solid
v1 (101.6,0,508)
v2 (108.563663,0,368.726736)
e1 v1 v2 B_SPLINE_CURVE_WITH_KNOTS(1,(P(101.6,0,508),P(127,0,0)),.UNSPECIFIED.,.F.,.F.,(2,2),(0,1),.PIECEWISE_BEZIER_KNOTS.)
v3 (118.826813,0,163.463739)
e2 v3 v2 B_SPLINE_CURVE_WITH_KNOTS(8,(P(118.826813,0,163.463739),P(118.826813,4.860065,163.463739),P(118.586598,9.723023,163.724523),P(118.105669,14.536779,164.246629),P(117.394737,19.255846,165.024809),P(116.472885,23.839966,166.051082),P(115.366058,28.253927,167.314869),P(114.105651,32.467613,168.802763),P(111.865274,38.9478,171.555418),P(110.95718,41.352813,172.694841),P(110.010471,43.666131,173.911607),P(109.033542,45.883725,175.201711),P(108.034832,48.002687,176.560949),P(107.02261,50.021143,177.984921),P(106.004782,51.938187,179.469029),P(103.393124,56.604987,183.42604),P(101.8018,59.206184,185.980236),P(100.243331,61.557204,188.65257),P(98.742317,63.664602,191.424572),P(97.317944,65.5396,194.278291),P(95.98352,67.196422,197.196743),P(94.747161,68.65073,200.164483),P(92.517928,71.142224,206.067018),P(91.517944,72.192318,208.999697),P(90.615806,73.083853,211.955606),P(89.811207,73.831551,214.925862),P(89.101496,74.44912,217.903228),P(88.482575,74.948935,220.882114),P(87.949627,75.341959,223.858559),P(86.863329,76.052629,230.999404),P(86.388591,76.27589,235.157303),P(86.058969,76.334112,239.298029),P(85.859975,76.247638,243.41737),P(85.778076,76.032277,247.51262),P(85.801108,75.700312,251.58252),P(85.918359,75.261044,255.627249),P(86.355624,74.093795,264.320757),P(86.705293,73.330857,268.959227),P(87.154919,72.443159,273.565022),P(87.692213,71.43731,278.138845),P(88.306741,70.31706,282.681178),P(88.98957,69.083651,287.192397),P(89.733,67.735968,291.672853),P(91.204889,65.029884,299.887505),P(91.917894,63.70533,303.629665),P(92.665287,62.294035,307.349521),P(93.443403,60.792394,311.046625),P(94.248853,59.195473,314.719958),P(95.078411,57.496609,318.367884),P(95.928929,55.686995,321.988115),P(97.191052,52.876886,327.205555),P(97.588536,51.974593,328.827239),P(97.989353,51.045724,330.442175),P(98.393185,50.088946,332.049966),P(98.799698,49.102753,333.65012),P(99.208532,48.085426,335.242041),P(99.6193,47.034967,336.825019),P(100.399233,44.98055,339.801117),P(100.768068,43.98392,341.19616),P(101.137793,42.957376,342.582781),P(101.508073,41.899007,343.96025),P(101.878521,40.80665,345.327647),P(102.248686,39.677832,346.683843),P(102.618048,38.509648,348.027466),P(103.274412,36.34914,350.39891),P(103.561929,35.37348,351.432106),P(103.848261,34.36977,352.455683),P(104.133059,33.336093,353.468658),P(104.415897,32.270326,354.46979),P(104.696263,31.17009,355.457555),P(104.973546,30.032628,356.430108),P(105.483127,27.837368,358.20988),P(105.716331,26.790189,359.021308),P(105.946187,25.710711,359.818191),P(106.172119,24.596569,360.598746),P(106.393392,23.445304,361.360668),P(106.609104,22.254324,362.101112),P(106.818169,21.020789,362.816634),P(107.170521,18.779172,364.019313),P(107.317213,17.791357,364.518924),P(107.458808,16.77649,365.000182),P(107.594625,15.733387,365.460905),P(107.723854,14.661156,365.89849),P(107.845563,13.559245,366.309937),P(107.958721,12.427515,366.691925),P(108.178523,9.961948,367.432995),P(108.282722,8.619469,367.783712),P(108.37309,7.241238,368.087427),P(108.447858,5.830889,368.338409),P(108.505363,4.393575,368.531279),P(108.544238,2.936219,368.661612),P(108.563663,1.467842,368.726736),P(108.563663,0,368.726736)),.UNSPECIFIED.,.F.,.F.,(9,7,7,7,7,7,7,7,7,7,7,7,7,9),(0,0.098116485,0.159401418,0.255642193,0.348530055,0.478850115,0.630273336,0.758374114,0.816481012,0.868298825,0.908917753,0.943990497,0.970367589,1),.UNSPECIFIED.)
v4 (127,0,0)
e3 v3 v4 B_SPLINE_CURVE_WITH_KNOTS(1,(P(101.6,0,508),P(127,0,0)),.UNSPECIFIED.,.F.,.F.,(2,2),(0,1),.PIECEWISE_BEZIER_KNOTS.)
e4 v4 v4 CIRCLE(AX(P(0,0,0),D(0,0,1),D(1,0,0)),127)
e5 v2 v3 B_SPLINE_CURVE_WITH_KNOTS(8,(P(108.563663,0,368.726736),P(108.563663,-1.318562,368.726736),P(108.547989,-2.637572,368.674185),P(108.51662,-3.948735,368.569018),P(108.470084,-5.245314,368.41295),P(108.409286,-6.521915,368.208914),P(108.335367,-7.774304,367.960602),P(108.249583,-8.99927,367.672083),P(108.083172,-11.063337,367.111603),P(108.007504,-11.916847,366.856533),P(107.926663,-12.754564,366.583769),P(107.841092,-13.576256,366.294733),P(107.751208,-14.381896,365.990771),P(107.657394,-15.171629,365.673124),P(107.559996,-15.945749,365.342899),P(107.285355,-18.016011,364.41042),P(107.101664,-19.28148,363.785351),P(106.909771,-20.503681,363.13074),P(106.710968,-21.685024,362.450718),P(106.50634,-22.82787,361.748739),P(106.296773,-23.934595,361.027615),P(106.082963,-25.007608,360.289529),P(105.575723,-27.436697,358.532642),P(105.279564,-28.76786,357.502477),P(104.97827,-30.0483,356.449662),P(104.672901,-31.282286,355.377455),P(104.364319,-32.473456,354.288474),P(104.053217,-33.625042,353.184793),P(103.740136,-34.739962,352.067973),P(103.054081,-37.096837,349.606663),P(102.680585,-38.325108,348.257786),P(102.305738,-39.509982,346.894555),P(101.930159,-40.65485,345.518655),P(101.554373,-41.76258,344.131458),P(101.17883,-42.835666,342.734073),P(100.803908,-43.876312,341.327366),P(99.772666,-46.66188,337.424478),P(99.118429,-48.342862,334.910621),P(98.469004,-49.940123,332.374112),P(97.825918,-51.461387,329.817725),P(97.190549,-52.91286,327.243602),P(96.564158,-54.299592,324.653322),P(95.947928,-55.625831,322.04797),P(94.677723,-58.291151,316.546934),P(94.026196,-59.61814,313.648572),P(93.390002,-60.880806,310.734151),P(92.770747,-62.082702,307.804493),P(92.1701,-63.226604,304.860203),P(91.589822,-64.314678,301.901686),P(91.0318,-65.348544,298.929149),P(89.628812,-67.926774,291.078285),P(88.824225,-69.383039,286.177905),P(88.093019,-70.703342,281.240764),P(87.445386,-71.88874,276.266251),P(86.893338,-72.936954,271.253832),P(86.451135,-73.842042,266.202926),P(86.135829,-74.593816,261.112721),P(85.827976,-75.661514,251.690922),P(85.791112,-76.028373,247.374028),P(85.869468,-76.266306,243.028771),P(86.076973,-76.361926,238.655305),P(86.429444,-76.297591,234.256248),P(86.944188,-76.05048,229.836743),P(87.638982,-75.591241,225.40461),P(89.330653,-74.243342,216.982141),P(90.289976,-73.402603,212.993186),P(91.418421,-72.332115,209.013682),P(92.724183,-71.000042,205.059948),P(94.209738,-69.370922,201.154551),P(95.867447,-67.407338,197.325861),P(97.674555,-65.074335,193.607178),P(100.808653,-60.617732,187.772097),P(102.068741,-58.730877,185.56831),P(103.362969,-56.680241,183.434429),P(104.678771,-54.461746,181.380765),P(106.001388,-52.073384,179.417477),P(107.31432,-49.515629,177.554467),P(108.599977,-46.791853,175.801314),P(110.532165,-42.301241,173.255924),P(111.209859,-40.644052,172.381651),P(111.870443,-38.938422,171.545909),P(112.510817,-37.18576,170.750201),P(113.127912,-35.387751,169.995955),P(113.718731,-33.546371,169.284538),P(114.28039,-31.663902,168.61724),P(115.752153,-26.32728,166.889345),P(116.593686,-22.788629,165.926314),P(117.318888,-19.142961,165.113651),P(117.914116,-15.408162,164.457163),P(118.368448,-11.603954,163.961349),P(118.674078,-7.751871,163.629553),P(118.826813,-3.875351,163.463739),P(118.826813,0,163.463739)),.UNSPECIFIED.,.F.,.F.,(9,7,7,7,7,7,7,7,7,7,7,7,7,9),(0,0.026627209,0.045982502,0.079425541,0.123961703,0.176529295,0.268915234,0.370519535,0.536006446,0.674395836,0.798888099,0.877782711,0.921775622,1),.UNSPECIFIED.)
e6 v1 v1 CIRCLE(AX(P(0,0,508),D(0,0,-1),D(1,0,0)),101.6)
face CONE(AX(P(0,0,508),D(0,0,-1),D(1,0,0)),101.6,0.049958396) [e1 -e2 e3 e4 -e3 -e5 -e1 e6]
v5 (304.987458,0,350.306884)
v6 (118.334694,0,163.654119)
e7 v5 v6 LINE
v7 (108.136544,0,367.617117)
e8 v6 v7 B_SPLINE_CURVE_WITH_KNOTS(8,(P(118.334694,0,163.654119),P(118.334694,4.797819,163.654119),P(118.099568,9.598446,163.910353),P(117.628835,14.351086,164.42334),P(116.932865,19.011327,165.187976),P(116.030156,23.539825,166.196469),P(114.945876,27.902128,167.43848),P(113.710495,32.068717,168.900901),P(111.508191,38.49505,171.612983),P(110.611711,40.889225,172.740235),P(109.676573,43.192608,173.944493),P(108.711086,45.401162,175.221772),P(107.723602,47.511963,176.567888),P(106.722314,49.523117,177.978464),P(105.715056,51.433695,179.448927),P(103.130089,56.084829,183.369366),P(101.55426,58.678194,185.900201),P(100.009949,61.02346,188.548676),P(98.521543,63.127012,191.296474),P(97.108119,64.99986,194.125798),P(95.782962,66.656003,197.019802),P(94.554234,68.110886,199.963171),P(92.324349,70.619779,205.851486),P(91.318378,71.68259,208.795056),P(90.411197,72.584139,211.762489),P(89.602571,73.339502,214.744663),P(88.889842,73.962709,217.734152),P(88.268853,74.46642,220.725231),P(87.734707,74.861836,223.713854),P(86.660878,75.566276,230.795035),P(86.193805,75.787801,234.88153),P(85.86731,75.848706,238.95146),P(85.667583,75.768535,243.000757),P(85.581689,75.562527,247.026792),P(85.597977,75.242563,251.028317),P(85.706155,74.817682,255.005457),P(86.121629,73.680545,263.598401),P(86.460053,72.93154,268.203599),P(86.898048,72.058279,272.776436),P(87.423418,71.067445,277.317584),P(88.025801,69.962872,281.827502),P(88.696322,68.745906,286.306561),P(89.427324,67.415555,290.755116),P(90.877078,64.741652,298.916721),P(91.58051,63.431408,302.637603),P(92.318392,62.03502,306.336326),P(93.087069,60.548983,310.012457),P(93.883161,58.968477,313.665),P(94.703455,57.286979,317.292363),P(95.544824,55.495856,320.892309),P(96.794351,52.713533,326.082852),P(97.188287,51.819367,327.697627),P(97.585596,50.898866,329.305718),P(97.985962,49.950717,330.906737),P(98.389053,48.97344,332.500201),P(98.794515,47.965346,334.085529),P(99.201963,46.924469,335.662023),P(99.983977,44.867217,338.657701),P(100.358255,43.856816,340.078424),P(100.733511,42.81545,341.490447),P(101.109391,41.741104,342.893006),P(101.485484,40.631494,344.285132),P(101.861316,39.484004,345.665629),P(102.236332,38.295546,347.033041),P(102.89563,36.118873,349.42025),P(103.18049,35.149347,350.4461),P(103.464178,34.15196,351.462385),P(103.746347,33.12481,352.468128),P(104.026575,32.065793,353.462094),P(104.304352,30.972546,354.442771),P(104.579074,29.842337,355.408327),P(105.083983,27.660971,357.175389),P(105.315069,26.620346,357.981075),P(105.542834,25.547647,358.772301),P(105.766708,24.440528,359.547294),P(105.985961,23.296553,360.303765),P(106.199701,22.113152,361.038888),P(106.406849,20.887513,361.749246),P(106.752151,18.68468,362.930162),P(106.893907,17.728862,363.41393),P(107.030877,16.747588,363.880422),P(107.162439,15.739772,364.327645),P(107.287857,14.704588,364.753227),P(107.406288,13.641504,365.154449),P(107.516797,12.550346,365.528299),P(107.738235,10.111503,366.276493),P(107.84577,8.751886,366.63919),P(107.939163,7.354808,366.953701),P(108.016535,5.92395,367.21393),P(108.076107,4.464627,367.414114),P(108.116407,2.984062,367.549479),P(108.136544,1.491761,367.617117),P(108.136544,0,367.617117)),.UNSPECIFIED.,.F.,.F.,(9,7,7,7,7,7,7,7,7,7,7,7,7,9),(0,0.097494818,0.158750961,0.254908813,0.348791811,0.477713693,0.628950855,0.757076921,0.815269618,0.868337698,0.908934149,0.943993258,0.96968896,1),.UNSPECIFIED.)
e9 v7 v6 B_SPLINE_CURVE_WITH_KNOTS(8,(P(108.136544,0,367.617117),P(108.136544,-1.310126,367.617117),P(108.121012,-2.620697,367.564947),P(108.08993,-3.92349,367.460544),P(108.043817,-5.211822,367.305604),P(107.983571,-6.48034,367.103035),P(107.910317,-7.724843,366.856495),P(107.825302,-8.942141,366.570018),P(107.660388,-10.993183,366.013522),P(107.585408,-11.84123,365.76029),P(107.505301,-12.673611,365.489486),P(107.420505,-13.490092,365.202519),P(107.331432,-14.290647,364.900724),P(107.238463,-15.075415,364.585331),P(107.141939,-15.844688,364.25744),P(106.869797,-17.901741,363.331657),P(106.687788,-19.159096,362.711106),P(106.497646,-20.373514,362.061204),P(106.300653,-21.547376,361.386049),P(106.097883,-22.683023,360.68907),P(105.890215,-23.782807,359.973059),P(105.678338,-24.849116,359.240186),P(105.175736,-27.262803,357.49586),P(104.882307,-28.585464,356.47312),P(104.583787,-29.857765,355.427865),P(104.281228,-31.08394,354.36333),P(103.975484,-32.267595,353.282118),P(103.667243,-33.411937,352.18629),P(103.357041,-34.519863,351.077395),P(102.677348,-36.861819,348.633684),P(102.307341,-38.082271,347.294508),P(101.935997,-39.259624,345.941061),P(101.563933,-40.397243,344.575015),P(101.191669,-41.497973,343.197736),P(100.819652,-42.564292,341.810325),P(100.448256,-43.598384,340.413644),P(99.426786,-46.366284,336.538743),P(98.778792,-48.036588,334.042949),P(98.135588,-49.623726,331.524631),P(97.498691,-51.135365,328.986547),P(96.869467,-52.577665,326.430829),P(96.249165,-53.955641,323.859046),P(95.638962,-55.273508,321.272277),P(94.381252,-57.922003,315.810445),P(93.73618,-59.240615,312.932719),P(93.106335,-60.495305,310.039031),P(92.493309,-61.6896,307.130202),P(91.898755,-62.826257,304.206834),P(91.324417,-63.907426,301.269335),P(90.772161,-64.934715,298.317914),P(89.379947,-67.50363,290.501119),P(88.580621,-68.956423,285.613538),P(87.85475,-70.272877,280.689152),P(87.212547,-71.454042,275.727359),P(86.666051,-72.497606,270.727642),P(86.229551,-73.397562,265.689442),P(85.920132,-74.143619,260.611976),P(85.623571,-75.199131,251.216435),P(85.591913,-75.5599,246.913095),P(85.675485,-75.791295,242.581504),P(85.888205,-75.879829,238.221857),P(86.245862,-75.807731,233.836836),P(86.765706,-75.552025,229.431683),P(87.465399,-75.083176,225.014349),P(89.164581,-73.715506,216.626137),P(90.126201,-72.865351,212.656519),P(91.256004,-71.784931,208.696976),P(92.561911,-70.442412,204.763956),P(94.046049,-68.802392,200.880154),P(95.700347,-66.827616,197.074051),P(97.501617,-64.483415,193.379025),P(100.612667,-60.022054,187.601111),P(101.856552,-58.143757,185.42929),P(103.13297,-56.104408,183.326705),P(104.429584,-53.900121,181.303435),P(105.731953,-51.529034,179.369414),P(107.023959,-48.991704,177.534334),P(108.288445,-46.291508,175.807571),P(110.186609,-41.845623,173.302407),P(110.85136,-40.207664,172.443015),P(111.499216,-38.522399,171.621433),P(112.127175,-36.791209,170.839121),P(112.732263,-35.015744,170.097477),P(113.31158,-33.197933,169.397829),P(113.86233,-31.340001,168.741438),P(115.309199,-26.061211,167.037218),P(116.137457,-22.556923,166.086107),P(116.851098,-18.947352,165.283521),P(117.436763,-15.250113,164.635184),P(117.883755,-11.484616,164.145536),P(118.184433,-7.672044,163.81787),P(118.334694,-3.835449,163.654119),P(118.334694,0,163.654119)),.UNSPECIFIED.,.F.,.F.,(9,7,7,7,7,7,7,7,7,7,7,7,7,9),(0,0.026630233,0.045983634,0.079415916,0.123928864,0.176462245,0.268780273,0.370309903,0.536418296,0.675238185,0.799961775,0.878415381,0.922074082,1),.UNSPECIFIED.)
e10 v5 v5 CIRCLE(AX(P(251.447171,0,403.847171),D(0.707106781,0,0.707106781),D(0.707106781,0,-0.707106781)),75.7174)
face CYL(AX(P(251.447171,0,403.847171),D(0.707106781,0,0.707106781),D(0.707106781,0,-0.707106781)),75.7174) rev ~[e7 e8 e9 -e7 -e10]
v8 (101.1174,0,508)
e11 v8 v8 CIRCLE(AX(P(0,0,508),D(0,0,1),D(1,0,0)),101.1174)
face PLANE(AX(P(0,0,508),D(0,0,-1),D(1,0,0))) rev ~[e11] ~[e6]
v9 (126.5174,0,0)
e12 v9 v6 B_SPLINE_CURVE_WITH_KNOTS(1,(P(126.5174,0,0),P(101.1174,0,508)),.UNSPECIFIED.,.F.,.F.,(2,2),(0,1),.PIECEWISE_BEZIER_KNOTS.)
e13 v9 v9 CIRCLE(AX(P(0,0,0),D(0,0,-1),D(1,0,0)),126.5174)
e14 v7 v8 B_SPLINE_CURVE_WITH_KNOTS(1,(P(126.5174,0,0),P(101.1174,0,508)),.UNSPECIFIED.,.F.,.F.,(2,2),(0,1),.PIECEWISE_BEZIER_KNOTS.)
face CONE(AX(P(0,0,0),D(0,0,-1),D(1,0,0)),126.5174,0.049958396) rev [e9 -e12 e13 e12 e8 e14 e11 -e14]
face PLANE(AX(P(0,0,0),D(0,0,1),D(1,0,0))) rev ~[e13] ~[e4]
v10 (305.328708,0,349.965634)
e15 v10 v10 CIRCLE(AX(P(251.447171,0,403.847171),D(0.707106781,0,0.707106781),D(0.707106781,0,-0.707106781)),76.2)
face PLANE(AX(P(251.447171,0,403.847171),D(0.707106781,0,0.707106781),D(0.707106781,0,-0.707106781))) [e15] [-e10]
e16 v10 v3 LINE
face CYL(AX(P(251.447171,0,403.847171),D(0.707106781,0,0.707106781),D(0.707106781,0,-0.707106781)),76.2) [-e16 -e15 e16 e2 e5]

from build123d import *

# Parameters (mm, degrees)
F5_R      = 101.6
F4_R      = 127
F7_R      = 76.2
F8_DEPTH  = 304.8
F9_R      = 75.7174
F10_DEPTH = 304.8
F11_R     = 126.5174
F12_R     = 101.1174


with BuildPart() as f6:
    # F5 (on face) → F6 section 0
    with BuildSketch(Plane(origin=(0, 0, 508), x_dir=(1, 0, 0), z_dir=(0, 0, -1))):
        Circle(F5_R)
    # F4 (on face) → F6 section 1
    with BuildSketch(Plane.XY):
        Circle(F4_R)
    loft()

    # F7 (on face) → F8 (join)
    with BuildSketch(Plane(origin=(327.647171, 0, 327.647171), x_dir=(0.707107, 0, -0.707107), z_dir=(0.707107, 0, 0.707107))):
        with Locations((-107.763073, 0)):
            Circle(F7_R)
    extrude(amount=-F8_DEPTH)

    # F9 (on face) → F10 (cut)
    with BuildSketch(Plane(origin=(327.647171, 0, 327.647171), x_dir=(0.707107, 0, -0.707107), z_dir=(0.707107, 0, 0.707107))):
        with Locations((-107.763073, 0)):
            Circle(F9_R)
    extrude(amount=-F10_DEPTH, mode=Mode.SUBTRACT)

    # F11 (on face) → F13 section 0
    with BuildSketch(Plane(origin=(0, 0, 0), x_dir=(1, 0, 0), z_dir=(0, 0, -1))):
        Circle(F11_R)
    # F12 (on face) → F13 section 1
    with BuildSketch(Plane.XY.offset(508)):
        Circle(F12_R)
    loft(mode=Mode.SUBTRACT)


solid = f6.part
